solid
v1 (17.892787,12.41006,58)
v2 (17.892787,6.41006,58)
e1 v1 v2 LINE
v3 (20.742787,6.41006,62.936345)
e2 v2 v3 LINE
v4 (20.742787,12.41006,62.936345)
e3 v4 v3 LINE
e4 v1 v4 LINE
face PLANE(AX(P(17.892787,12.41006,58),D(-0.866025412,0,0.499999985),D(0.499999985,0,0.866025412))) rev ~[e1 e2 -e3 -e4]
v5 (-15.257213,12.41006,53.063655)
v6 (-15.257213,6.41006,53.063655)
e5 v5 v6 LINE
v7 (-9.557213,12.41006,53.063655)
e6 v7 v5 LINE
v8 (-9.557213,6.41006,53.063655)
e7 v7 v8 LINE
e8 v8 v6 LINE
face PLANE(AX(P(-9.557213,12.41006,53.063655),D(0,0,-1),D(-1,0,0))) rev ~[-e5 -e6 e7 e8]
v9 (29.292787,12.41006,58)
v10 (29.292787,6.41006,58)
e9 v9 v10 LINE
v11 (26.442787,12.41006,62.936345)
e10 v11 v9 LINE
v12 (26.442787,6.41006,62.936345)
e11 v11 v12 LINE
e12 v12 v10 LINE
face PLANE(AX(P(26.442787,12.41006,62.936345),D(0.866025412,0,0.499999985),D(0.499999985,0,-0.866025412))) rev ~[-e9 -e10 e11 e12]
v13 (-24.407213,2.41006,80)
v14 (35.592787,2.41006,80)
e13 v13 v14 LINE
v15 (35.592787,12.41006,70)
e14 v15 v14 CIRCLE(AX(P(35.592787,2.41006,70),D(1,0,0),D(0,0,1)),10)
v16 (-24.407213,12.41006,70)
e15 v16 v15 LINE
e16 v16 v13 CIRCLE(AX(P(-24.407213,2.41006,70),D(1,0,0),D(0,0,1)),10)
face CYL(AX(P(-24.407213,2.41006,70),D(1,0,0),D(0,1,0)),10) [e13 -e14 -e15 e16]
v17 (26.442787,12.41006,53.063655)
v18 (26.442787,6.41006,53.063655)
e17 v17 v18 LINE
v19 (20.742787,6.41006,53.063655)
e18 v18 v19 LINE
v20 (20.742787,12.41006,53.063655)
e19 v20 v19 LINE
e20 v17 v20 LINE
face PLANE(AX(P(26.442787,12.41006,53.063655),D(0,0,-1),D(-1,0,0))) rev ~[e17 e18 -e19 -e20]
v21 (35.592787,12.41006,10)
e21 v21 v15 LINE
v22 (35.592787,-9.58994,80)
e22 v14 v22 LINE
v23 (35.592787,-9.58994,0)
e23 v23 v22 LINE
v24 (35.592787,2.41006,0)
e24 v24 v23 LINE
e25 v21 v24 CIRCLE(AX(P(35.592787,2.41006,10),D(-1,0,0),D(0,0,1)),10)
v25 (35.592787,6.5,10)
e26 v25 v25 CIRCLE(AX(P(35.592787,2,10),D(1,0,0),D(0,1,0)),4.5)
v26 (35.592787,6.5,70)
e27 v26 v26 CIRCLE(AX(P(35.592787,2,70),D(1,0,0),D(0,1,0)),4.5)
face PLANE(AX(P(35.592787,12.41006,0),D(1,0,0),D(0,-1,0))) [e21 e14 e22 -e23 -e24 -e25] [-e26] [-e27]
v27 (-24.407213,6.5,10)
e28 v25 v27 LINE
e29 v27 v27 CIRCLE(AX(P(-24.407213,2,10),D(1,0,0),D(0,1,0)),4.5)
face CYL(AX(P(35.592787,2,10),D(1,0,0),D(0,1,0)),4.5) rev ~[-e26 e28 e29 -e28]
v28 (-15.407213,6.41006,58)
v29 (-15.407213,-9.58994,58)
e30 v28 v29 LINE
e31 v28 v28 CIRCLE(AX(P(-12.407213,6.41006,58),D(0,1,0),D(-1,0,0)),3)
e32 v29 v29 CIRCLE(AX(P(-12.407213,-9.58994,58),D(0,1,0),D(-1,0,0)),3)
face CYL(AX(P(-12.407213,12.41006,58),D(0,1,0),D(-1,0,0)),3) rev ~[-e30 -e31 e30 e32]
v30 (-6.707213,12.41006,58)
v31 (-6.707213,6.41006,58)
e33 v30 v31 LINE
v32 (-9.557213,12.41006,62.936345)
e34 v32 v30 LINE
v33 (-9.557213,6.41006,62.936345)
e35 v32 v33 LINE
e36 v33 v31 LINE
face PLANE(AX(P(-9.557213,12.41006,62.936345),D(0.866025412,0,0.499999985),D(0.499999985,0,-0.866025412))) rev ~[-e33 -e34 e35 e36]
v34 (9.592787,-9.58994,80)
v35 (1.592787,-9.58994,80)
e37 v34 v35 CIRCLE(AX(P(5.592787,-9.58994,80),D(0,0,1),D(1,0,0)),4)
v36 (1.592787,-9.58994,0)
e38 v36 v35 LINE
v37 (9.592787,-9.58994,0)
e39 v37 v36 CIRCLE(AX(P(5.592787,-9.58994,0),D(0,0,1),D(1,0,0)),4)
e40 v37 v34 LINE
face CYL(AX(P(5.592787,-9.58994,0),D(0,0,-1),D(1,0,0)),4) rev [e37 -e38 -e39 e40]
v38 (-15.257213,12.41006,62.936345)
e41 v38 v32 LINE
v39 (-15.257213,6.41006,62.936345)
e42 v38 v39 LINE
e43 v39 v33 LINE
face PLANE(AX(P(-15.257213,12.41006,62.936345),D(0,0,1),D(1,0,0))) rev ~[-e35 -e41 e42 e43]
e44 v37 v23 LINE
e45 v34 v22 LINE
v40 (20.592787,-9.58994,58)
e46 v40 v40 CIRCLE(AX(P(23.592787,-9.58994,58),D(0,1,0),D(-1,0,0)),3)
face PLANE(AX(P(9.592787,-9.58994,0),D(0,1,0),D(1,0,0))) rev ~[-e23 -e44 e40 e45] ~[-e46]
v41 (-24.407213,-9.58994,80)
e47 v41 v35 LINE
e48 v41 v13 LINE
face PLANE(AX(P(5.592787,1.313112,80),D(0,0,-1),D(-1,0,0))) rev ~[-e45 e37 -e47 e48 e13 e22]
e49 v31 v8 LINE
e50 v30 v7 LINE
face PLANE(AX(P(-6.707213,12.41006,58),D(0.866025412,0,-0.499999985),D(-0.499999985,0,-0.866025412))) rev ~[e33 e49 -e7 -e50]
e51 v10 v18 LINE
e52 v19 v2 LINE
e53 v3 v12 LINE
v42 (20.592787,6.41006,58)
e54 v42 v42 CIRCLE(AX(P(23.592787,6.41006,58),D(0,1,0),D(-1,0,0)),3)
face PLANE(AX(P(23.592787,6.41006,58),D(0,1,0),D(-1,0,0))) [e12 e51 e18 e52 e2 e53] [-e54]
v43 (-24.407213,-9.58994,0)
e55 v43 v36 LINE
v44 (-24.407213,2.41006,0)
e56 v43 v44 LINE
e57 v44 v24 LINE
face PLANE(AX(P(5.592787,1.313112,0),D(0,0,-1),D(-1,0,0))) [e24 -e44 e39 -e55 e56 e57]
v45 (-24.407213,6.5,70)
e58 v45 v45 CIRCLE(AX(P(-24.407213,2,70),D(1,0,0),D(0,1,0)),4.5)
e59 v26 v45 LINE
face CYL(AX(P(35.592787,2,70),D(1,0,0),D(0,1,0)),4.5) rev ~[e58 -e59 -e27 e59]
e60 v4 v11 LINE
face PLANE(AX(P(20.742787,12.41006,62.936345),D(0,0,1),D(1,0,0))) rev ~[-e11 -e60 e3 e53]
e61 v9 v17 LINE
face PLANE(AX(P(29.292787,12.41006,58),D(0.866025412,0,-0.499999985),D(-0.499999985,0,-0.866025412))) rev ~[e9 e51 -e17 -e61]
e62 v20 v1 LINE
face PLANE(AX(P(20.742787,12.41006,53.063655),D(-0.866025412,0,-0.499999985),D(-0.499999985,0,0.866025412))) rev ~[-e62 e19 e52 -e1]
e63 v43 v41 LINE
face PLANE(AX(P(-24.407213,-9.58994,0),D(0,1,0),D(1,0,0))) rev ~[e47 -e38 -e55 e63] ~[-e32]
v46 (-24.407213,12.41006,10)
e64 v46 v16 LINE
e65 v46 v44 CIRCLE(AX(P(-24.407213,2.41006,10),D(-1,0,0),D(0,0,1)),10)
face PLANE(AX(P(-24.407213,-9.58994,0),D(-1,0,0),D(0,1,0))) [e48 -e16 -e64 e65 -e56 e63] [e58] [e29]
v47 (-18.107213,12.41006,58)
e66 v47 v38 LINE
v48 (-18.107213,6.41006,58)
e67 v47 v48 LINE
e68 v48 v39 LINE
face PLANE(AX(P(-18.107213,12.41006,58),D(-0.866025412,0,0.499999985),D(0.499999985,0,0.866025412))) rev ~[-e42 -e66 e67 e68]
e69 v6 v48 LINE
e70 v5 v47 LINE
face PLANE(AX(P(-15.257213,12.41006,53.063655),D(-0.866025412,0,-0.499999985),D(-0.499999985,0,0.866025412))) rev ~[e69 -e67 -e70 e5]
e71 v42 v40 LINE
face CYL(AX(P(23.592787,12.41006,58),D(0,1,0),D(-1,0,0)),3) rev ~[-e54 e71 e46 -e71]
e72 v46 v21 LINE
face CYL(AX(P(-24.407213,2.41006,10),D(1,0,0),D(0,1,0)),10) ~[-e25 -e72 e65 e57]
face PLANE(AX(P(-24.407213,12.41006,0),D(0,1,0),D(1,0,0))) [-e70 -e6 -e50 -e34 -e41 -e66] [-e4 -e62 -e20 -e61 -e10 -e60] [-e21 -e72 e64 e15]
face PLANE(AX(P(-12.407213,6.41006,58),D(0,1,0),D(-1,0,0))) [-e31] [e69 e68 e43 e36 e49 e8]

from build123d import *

# Parameters (mm, degrees)
SKETCH002_R  = 3
PAD002_DEPTH = 22
SKETCH001_R  = 4.5
PAD001_DEPTH = 60
PAD003_DEPTH = 6
PAD_DEPTH    = 80
FILLET_R     = 10


with BuildPart() as motormount:
    # Sketch002 → Pad002 (new body)
    with BuildSketch(Plane(origin=(0, 12.41006, 0), x_dir=(-1, 0, 0), z_dir=(0, 1, 0))):
        with Locations((-23.592787, 58)):
            Circle(SKETCH002_R)
        with Locations((12.407213, 58)):
            Circle(SKETCH002_R)
    extrude(amount=-PAD002_DEPTH)


with BuildPart() as framemount:
    # Sketch001 → Pad001 (new body)
    with BuildSketch(Plane.YZ.offset(35.592787)):
        with Locations((2, 70)):
            Circle(SKETCH001_R)
        with Locations((2, 10)):
            Circle(SKETCH001_R)
    extrude(amount=-PAD001_DEPTH)


with BuildPart() as cutblock:
    # Sketch003 → Pad003 (new body)
    with BuildSketch(Plane(origin=(0, 12.41006, 0), x_dir=(-1, 0, 0), z_dir=(0, 1, 0))):
        Polygon((-20.742787, 53.063655), (-17.892787, 58), (-20.742787, 62.936345), (-26.442787, 62.936345), (-29.292787, 58), (-26.442787, 53.063655), align=None)
        Polygon((15.257213, 53.063655), (18.107213, 58), (15.257213, 62.936345), (9.557213, 62.936345), (6.707213, 58), (9.557213, 53.063655), align=None)
    extrude(amount=-PAD003_DEPTH)

    # Fusion: union MotorMount, FrameMount
    add(motormount.part)
    add(framemount.part)


with BuildPart() as fillet_body:
    # Sketch → Pad (new body)
    with BuildSketch(Plane.XY):
        with BuildLine():
            Line((-24.407213, 12.41006), (35.592787, 12.41006))
            Line((35.592787, 12.41006), (35.592787, -9.58994))
            Line((9.592787, -9.58994), (35.592787, -9.58994))
            ThreePointArc((9.592787, -9.58994), (5.592787, -5.58994), (1.592787, -9.58994))
            Line((-24.407213, -9.58994), (1.592787, -9.58994))
            Line((-24.407213, -9.58994), (-24.407213, 12.41006))
        make_face()
    extrude(amount=PAD_DEPTH)

    # Cut: cut CutBlock
    add(cutblock.part, mode=Mode.SUBTRACT)

    # Fillet
    fillet_edges = [fillet_body.edges().sort_by_distance(p)[0] for p in [
        (5.592787, 12.41006, 80),
        (5.592787, 12.41006, 0),
    ]]
    fillet(fillet_edges, radius=FILLET_R)


solid = fillet_body.part
